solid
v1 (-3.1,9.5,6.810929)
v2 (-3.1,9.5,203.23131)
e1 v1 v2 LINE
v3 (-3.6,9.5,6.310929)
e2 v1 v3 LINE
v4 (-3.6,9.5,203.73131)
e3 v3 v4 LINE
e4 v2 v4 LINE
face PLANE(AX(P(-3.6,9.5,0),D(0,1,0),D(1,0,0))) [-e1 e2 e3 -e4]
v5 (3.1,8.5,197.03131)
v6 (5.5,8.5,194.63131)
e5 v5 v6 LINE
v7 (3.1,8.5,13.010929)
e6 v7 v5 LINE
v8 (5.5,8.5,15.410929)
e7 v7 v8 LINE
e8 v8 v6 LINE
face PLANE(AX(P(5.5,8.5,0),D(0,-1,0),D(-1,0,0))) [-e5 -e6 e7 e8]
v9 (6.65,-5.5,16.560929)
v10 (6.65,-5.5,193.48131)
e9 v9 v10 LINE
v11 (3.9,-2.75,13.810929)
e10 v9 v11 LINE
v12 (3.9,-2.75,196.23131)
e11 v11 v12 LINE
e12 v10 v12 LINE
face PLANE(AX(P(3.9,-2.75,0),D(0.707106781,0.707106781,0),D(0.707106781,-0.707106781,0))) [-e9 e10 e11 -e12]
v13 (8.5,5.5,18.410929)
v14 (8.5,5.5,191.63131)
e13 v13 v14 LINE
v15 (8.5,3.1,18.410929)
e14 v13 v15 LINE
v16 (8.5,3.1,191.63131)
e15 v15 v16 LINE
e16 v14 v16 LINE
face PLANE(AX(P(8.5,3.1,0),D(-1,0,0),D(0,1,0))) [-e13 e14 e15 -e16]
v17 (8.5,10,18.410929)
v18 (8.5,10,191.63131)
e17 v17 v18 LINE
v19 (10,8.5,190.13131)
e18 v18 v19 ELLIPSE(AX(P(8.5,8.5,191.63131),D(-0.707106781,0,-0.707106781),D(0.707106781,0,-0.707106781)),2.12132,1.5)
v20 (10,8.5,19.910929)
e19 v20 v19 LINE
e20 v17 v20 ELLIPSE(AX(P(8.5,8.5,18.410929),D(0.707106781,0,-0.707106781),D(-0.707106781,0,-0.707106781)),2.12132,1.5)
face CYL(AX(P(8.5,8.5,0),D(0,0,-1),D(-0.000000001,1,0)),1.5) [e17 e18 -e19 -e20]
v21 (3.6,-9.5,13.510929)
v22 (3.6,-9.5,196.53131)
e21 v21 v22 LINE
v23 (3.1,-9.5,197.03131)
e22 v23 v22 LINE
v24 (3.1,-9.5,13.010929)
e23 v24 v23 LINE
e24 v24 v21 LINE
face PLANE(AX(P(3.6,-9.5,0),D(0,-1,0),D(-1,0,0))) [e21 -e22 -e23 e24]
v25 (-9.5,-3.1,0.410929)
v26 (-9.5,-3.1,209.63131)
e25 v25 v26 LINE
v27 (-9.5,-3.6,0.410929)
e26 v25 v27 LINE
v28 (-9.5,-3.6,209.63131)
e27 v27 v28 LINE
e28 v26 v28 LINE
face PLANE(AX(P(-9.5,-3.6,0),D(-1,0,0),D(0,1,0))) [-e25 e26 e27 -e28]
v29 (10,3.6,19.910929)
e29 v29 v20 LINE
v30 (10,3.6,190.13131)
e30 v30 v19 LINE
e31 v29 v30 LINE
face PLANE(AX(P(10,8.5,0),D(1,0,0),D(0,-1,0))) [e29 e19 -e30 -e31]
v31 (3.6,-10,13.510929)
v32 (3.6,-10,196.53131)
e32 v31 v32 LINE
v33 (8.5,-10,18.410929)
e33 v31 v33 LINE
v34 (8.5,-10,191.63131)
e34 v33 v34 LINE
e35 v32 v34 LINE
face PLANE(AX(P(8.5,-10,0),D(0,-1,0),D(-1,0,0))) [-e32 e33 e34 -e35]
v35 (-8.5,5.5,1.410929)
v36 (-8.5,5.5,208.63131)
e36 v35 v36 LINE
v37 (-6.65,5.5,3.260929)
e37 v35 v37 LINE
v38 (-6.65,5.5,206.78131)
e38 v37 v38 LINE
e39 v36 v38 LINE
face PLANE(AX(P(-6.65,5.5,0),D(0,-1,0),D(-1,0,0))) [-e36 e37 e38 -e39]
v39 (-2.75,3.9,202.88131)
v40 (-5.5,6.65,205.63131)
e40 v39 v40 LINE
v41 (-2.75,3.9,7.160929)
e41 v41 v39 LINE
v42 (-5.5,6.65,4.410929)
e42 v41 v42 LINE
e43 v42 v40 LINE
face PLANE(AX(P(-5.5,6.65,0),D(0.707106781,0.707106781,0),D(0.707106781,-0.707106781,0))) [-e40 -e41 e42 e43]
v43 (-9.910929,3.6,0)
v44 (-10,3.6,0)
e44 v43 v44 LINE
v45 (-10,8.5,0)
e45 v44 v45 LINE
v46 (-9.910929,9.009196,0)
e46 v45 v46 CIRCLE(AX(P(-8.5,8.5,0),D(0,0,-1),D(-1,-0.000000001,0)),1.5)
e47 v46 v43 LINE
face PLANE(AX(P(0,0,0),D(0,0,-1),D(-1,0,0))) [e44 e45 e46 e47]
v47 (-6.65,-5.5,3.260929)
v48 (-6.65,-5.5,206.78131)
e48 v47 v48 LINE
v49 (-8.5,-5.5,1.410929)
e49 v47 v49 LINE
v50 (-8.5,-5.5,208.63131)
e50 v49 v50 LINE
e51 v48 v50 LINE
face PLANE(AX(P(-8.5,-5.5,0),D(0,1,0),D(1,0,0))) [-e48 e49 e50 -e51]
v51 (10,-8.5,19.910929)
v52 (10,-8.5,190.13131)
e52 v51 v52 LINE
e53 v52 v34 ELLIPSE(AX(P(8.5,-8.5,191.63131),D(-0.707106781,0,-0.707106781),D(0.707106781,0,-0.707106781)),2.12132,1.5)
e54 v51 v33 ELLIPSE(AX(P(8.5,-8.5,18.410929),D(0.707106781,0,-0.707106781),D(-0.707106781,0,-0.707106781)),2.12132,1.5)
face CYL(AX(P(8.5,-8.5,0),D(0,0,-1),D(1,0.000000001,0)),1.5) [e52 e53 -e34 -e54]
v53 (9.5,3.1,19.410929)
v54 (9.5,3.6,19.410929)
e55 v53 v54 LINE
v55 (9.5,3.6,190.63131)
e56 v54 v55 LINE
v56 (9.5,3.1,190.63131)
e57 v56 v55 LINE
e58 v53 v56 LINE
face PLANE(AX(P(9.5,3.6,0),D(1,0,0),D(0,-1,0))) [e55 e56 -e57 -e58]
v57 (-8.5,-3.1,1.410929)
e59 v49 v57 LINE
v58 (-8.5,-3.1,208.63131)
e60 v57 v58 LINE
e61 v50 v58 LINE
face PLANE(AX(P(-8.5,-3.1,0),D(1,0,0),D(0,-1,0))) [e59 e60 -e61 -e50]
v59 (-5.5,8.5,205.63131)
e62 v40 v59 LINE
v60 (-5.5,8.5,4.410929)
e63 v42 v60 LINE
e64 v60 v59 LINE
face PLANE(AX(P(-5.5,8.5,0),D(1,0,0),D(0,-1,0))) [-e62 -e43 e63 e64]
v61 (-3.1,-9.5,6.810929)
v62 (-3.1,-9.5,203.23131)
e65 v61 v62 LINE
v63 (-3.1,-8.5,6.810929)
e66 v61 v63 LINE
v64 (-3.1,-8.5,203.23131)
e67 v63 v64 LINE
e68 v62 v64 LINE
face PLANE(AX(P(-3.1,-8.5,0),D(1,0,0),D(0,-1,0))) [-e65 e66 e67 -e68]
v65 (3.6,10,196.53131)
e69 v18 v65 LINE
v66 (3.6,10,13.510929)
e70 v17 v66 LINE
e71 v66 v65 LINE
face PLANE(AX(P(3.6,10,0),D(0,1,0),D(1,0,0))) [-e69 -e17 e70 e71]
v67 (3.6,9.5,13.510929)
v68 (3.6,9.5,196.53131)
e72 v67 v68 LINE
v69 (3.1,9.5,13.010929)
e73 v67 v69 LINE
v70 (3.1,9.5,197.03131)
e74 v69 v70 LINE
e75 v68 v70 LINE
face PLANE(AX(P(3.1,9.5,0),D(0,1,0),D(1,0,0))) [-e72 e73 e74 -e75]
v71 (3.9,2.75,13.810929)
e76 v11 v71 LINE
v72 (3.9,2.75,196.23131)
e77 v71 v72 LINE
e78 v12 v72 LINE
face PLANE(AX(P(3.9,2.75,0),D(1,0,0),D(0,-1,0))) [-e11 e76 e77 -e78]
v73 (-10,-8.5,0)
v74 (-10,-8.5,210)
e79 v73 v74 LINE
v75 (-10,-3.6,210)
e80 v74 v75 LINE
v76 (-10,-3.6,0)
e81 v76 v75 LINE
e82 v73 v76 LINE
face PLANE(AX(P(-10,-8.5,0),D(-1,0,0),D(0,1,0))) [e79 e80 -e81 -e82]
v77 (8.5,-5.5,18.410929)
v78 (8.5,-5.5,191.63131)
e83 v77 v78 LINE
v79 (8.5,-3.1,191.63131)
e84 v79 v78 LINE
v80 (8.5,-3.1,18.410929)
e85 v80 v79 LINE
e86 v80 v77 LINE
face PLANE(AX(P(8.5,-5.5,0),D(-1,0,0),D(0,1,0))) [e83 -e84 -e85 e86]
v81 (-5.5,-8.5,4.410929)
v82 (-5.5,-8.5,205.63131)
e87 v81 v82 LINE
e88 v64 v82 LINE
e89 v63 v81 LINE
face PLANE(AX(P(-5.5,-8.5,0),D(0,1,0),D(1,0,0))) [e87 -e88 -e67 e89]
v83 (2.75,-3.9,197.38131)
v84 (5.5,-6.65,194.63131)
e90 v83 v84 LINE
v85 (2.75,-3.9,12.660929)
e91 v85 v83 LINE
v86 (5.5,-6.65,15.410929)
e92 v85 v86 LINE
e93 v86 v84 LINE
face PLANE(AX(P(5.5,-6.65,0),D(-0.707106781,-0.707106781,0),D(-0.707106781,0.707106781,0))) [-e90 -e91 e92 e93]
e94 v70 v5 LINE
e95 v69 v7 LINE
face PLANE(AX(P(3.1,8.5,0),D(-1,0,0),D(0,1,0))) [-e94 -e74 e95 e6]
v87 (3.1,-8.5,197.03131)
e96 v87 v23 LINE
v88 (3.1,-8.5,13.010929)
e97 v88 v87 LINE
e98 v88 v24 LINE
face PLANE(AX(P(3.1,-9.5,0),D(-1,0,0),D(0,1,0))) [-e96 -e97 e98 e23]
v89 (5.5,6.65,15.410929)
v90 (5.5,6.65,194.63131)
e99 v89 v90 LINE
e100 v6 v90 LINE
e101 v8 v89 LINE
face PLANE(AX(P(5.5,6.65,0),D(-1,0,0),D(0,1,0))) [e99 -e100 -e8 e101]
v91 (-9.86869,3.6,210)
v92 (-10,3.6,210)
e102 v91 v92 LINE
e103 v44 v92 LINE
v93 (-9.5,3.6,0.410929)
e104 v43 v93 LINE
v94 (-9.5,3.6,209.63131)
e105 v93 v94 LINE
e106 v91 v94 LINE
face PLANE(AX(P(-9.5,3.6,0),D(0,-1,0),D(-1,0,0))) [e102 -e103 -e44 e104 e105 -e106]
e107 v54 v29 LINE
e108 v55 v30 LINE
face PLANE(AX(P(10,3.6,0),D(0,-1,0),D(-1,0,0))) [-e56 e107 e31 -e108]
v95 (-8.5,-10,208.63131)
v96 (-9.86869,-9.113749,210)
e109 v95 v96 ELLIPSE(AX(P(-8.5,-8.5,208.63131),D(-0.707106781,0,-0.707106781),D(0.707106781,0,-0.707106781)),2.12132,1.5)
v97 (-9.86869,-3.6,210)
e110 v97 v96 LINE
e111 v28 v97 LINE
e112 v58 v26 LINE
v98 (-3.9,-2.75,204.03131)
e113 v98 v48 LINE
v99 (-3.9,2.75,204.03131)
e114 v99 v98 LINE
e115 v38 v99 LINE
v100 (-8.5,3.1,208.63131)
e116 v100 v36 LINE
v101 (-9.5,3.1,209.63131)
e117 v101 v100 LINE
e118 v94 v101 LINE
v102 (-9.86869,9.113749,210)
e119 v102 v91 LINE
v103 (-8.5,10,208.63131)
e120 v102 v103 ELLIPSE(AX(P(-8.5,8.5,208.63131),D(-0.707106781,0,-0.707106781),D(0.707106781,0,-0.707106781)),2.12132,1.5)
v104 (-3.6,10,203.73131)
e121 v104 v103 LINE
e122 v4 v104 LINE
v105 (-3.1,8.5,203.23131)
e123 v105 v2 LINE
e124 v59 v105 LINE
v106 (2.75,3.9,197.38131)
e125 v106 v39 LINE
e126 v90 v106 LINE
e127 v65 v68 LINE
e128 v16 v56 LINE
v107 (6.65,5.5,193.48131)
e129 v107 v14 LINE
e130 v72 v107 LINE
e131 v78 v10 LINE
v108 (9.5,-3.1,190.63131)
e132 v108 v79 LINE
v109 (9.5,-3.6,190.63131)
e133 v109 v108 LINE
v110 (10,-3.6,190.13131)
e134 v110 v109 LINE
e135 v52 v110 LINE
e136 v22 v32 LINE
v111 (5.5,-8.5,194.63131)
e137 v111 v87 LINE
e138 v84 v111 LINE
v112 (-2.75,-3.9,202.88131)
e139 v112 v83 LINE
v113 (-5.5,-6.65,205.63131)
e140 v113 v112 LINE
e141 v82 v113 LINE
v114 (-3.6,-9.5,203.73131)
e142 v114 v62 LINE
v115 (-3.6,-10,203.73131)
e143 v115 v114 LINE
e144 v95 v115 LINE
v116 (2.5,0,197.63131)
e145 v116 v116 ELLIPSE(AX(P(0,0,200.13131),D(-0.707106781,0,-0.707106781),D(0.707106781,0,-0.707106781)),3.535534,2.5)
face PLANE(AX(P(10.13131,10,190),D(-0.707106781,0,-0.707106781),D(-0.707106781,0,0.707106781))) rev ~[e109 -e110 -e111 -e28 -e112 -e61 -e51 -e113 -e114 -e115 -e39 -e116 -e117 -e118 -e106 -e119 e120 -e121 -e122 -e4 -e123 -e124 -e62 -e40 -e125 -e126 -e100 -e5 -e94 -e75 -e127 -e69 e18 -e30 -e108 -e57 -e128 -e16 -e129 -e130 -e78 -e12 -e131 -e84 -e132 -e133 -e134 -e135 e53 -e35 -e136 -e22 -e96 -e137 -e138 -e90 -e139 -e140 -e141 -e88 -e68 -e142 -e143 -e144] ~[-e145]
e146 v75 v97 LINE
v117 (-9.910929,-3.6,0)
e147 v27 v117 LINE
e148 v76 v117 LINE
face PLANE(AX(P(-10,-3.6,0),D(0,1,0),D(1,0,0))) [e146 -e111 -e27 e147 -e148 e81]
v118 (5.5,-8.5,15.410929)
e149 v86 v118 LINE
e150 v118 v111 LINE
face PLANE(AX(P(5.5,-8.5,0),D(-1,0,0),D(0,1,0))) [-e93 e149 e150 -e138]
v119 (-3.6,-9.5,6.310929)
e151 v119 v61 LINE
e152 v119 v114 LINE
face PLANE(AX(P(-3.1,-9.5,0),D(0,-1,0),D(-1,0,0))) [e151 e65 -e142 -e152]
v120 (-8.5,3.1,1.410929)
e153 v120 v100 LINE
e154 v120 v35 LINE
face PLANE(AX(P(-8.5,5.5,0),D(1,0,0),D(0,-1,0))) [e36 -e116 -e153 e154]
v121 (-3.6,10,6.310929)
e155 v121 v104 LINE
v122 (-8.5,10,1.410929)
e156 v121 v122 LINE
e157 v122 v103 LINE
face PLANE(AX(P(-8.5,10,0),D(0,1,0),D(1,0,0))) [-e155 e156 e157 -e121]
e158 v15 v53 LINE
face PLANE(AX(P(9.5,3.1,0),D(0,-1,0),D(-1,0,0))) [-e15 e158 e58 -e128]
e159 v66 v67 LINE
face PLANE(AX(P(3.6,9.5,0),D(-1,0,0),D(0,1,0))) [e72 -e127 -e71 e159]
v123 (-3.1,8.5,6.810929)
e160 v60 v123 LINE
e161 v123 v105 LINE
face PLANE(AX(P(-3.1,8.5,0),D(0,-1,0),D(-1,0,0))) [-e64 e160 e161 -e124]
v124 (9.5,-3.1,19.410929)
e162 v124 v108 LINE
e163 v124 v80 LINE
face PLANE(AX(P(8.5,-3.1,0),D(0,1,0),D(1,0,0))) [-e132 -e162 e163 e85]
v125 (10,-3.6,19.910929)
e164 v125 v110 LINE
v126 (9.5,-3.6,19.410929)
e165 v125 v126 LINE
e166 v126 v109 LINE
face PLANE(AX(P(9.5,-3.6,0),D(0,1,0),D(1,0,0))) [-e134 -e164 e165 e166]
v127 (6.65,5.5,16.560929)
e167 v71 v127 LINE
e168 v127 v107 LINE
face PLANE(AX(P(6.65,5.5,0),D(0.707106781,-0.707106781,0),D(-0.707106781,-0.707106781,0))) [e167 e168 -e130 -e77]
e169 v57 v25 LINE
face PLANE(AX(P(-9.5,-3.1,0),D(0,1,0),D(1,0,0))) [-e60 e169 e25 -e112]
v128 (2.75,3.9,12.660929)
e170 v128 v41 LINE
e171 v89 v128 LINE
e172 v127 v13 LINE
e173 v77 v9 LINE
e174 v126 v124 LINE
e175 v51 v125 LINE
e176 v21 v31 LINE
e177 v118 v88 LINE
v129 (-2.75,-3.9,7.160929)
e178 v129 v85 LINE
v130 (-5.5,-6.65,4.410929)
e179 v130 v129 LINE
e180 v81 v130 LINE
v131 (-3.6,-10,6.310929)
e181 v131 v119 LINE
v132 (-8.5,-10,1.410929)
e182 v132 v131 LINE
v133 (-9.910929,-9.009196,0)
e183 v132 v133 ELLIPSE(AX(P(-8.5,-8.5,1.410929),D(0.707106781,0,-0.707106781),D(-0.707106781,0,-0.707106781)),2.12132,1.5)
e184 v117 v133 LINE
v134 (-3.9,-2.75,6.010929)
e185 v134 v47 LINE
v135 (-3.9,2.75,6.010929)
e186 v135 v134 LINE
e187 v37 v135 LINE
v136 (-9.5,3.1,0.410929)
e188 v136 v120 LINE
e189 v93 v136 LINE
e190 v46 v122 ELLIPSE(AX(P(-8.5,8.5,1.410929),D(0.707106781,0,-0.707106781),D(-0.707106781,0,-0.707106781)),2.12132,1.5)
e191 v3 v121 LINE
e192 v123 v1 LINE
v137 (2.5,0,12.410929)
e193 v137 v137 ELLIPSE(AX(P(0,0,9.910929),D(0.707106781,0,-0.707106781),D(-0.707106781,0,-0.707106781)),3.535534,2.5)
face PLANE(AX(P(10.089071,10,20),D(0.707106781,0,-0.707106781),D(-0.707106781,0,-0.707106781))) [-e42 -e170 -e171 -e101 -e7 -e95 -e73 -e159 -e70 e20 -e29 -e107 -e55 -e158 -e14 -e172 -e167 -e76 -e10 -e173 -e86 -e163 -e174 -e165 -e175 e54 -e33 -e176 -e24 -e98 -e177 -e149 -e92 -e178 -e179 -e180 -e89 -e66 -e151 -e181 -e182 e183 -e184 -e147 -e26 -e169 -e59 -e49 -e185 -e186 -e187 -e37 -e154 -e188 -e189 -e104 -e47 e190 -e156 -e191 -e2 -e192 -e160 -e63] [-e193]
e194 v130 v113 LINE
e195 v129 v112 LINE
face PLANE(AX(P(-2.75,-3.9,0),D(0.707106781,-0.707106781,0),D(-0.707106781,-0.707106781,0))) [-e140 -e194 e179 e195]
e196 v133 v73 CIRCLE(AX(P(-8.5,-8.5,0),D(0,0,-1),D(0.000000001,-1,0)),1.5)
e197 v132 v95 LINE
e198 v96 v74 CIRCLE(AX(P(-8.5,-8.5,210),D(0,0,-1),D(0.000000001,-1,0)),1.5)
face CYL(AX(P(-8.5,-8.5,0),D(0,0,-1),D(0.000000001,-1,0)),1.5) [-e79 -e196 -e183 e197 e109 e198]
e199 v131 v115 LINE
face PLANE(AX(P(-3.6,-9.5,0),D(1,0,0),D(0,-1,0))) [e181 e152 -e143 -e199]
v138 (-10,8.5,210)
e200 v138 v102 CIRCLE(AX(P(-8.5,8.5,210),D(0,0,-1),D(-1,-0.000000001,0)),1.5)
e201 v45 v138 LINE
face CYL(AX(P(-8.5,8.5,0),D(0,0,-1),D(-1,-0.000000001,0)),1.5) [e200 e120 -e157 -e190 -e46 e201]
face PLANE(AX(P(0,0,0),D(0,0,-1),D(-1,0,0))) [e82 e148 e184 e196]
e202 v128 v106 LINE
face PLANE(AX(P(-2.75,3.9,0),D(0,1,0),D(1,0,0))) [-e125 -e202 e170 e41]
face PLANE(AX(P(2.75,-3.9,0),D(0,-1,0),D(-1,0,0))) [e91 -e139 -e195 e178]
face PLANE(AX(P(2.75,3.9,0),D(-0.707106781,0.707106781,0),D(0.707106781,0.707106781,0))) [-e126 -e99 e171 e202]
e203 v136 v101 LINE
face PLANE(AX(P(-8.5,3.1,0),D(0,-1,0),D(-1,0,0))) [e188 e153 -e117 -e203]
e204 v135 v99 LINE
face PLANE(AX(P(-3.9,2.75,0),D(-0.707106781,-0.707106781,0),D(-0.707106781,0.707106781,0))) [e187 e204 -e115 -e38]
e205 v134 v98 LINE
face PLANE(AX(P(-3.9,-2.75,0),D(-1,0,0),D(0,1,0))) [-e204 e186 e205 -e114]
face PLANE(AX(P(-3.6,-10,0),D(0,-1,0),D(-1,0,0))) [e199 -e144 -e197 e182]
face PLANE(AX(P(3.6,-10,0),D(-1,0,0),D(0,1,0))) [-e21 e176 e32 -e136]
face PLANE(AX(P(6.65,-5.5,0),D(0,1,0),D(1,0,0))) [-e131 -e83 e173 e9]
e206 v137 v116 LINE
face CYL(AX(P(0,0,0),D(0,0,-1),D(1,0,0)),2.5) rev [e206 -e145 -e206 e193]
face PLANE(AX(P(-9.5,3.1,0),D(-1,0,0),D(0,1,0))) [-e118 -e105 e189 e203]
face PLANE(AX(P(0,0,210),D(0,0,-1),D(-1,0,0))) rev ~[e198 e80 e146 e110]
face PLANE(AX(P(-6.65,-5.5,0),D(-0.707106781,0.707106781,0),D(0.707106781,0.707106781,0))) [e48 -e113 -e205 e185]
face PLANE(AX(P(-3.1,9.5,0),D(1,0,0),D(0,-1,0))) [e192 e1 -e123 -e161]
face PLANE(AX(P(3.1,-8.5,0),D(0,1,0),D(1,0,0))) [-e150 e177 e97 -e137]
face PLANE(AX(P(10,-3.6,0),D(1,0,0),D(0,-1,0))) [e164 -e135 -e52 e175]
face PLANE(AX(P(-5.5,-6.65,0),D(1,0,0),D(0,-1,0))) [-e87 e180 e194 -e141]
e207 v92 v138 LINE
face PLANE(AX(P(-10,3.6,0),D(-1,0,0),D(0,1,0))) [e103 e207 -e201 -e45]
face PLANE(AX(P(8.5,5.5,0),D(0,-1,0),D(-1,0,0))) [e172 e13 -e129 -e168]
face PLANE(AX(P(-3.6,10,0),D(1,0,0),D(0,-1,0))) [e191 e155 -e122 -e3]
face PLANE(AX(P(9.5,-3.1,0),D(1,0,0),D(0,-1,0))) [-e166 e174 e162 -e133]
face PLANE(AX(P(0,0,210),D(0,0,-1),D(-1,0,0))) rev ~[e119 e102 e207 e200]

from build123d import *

# Parameters (mm, degrees)
SKETCH1_R           = 2.5
EXTRUDE_1_DEPTH     = 210
CUT_EXTRUDE_1_DEPTH = 212.187120819


with BuildPart() as part:
    # Sketch1 → 凸台-拉伸1 (new body)
    with BuildSketch(Plane.XY):
        with BuildLine():
            Line((-3.6, 10), (-3.6, 9.5))
            Line((-3.6, 9.5), (-3.1, 9.5))
            Line((-3.1, 9.5), (-3.1, 8.5))
            Line((-3.1, 8.5), (-5.5, 8.5))
            Line((-5.5, 8.5), (-5.5, 6.65))
            Line((-5.5, 6.65), (-2.75, 3.9))
            Line((-2.75, 3.9), (2.75, 3.9))
            Line((2.75, 3.9), (5.5, 6.65))
            Line((5.5, 6.65), (5.5, 8.5))
            Line((5.5, 8.5), (3.1, 8.5))
            Line((3.1, 8.5), (3.1, 9.5))
            Line((3.1, 9.5), (3.6, 9.5))
            Line((3.6, 9.5), (3.6, 10))
            Line((3.6, 10), (8.5, 10))
            ThreePointArc((8.5, 10), (9.560660172, 9.560660172), (10, 8.5))
            Line((10, 8.5), (10, 3.6))
            Line((10, 3.6), (9.5, 3.6))
            Line((9.5, 3.6), (9.5, 3.1))
            Line((9.5, 3.1), (8.5, 3.1))
            Line((8.5, 3.1), (8.5, 5.5))
            Line((8.5, 5.5), (6.65, 5.5))
            Line((6.65, 5.5), (3.9, 2.75))
            Line((3.9, 2.75), (3.9, -2.75))
            Line((3.9, -2.75), (6.65, -5.5))
            Line((6.65, -5.5), (8.5, -5.5))
            Line((8.5, -5.5), (8.5, -3.1))
            Line((8.5, -3.1), (9.5, -3.1))
            Line((9.5, -3.1), (9.5, -3.6))
            Line((9.5, -3.6), (10, -3.6))
            Line((10, -3.6), (10, -8.5))
            ThreePointArc((10, -8.5), (9.560660172, -9.560660172), (8.5, -10))
            Line((8.5, -10), (3.6, -10))
            Line((3.6, -10), (3.6, -9.5))
            Line((3.6, -9.5), (3.1, -9.5))
            Line((3.1, -9.5), (3.1, -8.5))
            Line((3.1, -8.5), (5.5, -8.5))
            Line((5.5, -8.5), (5.5, -6.65))
            Line((5.5, -6.65), (2.75, -3.9))
            Line((2.75, -3.9), (-2.75, -3.9))
            Line((-2.75, -3.9), (-5.5, -6.65))
            Line((-5.5, -6.65), (-5.5, -8.5))
            Line((-5.5, -8.5), (-3.1, -8.5))
            Line((-3.1, -8.5), (-3.1, -9.5))
            Line((-3.1, -9.5), (-3.6, -9.5))
            Line((-3.6, -9.5), (-3.6, -10))
            Line((-3.6, -10), (-8.5, -10))
            ThreePointArc((-8.5, -10), (-9.560660172, -9.560660172), (-10, -8.5))
            Line((-10, -8.5), (-10, -3.6))
            Line((-10, -3.6), (-9.5, -3.6))
            Line((-9.5, -3.6), (-9.5, -3.1))
            Line((-9.5, -3.1), (-8.5, -3.1))
            Line((-8.5, -3.1), (-8.5, -5.5))
            Line((-8.5, -5.5), (-6.65, -5.5))
            Line((-6.65, -5.5), (-3.9, -2.75))
            Line((-3.9, -2.75), (-3.9, 2.75))
            Line((-3.9, 2.75), (-6.65, 5.5))
            Line((-6.65, 5.5), (-8.5, 5.5))
            Line((-8.5, 5.5), (-8.5, 3.1))
            Line((-8.5, 3.1), (-9.5, 3.1))
            Line((-9.5, 3.1), (-9.5, 3.6))
            Line((-9.5, 3.6), (-10, 3.6))
            Line((-10, 3.6), (-10, 8.5))
            ThreePointArc((-10, 8.5), (-9.560660172, 9.560660172), (-8.5, 10))
            Line((-8.5, 10), (-3.6, 10))
        make_face()
        Circle(SKETCH1_R, mode=Mode.SUBTRACT)
    extrude(amount=EXTRUDE_1_DEPTH)

    # 草图1 → 切除-拉伸1 (cut, through all)
    with BuildSketch(Plane(origin=(0, 10, 0), x_dir=(1, 0, 0), z_dir=(0, 1, 0))):
        Polygon((-9.86868981, -210), (10.13131019, -210), (10.13131019, -190), align=None)
        Polygon((-9.910928713, 0), (10.089071287, 0), (10.089071287, -20), align=None)
    extrude(amount=-CUT_EXTRUDE_1_DEPTH, mode=Mode.SUBTRACT)


solid = part.part
